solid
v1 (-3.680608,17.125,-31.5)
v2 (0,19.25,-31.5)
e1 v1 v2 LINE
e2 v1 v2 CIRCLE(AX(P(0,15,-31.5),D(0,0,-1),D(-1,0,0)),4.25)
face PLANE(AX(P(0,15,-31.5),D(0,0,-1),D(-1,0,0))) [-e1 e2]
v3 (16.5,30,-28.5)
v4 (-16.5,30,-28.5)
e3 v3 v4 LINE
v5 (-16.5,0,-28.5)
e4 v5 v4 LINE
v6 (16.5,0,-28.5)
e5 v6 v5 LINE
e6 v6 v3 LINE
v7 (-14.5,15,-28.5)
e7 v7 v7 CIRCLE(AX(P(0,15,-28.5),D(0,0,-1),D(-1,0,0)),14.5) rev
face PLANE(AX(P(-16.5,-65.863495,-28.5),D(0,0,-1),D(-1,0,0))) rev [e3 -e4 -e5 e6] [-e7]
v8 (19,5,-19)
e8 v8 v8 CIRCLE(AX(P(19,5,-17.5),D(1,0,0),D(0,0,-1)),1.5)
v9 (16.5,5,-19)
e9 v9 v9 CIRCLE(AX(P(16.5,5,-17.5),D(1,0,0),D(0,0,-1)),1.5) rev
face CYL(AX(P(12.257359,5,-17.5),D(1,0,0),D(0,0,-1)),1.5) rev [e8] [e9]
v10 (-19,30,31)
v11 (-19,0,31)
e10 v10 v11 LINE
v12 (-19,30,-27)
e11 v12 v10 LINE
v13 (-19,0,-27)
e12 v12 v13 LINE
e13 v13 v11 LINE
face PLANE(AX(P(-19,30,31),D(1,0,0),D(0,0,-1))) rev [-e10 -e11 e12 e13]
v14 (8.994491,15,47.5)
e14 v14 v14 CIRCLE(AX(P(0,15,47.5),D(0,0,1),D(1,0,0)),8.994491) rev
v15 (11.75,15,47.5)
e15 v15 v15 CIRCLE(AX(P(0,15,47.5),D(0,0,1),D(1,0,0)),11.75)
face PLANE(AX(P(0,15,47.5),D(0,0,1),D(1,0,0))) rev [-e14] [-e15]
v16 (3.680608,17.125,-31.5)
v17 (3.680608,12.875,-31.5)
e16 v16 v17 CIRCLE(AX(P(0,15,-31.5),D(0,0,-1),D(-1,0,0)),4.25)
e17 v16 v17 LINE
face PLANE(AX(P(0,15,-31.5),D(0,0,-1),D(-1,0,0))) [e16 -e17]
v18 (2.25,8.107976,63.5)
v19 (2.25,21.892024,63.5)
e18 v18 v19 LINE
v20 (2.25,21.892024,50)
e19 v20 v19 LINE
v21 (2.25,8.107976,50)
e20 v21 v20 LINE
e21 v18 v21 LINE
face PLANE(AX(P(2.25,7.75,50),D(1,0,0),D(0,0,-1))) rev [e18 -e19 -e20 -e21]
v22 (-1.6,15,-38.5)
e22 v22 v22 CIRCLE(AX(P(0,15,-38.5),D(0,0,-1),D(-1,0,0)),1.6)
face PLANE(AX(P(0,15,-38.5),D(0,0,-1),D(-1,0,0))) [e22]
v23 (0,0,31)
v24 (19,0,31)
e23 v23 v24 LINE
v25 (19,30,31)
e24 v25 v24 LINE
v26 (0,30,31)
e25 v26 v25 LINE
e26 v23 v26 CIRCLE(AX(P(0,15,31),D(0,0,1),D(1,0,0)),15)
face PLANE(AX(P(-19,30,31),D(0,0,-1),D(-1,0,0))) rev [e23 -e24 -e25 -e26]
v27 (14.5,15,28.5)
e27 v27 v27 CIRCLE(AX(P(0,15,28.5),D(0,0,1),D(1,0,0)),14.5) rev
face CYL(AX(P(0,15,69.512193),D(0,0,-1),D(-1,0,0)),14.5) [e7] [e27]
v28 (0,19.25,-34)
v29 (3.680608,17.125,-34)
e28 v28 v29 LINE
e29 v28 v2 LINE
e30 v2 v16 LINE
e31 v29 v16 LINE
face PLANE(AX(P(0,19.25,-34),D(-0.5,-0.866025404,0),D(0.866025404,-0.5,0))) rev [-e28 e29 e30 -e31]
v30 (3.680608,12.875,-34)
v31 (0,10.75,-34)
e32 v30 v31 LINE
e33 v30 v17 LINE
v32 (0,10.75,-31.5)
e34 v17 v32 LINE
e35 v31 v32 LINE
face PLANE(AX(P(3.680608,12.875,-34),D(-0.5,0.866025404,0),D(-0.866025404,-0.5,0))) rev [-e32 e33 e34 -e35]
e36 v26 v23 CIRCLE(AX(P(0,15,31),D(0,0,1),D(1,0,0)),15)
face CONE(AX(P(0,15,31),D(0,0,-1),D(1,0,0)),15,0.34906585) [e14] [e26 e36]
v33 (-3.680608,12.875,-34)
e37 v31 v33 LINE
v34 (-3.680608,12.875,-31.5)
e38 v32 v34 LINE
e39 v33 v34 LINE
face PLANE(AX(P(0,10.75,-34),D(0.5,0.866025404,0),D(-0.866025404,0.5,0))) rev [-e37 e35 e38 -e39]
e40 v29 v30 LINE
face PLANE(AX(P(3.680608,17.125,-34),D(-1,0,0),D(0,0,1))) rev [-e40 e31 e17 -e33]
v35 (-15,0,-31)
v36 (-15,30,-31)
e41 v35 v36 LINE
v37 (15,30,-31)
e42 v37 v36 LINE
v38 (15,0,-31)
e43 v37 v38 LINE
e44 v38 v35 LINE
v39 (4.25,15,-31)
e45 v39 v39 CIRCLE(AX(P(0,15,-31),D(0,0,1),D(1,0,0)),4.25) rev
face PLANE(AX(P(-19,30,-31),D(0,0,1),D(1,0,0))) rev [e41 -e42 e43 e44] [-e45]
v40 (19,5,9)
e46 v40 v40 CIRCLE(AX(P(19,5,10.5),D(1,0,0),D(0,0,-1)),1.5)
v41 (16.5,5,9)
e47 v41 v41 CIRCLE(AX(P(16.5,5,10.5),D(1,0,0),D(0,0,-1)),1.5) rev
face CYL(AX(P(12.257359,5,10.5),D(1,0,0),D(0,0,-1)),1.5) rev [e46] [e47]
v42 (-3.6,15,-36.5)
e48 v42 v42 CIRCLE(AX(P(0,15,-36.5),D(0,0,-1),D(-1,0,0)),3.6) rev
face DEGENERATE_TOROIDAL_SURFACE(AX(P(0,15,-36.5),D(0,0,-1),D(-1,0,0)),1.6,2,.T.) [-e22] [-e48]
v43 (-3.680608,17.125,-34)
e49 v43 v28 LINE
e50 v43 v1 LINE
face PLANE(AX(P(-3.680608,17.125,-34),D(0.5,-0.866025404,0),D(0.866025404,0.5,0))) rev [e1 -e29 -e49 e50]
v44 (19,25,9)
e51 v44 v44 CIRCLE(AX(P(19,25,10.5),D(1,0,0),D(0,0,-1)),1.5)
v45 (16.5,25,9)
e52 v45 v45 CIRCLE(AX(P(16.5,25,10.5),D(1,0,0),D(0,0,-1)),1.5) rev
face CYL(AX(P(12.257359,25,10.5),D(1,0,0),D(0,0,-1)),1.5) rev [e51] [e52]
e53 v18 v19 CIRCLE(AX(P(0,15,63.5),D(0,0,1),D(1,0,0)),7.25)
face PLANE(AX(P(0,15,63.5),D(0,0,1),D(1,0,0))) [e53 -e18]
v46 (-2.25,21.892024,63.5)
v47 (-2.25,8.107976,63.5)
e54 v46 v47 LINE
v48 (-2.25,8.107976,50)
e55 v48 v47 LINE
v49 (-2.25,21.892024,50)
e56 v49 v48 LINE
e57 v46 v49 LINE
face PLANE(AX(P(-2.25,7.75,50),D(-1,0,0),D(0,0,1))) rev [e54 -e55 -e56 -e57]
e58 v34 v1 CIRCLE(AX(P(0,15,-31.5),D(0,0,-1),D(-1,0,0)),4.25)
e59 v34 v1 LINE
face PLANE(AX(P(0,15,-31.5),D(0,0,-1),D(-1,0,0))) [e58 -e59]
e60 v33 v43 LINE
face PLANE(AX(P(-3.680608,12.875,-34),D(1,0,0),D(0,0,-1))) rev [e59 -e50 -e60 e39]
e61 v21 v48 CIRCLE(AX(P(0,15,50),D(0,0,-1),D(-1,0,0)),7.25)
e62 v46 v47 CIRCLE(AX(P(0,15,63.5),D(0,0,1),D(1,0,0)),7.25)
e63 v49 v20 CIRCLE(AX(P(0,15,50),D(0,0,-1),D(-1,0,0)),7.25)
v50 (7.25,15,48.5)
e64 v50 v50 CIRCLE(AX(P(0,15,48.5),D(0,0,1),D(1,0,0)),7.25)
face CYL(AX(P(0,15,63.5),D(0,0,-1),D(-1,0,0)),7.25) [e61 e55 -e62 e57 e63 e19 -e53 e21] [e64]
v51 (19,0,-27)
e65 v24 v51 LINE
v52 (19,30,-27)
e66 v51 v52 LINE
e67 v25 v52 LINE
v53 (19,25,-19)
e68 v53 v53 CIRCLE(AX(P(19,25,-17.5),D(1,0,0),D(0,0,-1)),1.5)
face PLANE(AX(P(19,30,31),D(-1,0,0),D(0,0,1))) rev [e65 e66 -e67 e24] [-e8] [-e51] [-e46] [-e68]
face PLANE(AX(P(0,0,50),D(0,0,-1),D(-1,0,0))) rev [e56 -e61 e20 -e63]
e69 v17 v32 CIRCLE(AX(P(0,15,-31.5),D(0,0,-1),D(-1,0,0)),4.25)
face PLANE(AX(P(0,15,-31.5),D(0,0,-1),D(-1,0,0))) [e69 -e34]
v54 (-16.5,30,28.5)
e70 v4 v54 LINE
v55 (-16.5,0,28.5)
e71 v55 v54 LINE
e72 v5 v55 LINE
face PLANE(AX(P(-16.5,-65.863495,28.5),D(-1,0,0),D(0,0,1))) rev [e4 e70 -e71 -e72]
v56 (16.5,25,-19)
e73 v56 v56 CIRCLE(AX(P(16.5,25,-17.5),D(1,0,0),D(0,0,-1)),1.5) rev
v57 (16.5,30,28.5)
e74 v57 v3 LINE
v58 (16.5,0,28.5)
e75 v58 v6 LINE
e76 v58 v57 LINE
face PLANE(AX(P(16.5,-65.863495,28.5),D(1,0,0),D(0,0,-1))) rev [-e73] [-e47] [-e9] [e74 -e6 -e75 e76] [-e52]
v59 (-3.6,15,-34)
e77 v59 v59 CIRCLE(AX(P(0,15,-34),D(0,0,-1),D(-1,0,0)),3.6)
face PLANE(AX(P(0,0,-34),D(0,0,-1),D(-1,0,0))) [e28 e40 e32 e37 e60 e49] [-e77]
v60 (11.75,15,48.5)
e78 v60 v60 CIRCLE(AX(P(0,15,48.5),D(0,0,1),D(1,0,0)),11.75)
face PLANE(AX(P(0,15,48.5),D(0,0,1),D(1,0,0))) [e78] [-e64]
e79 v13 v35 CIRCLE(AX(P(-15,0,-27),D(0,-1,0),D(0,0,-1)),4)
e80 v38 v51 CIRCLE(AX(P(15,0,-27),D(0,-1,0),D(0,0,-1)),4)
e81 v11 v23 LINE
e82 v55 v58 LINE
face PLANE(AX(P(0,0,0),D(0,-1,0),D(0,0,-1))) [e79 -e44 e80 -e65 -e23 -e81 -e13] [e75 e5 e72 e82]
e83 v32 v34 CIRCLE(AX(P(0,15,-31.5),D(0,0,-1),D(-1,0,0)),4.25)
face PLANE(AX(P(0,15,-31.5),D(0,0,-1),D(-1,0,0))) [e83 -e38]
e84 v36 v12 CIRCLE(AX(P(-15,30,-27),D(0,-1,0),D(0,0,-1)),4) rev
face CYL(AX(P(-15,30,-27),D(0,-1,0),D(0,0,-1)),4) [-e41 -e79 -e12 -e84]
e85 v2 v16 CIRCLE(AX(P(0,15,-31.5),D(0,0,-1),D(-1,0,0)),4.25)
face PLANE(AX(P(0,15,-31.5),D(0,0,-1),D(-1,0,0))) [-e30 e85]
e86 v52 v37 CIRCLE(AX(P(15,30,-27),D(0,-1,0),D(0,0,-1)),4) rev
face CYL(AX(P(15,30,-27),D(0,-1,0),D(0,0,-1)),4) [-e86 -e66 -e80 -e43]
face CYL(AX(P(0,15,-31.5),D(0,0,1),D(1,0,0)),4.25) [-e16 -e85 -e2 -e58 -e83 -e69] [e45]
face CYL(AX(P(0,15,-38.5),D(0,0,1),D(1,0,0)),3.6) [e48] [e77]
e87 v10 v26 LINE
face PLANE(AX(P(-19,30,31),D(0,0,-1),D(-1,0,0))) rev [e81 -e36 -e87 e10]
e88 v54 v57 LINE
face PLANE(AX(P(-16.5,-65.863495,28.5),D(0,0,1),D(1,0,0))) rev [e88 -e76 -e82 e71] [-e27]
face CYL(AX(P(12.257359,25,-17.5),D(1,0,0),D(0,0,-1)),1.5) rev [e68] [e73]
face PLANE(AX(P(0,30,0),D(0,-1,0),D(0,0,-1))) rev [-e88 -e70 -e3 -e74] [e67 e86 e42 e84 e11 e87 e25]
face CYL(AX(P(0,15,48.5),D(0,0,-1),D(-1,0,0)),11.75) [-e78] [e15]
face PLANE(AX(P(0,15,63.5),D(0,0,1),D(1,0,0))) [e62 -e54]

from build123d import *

# Parameters (mm, degrees)
SKETCH1_W           = 38
SKETCH1_H           = 62
BOSS_EXTRUDE1_DEPTH = 30
SKETCH2_W           = 33
SKETCH2_H           = 57
CUT_EXTRUDE1_DEPTH  = 30
FILLET1_R           = 4
SKETCH3_R           = 1.5
CUT_EXTRUDE2_DEPTH  = 2.5
SKETCH4_R           = 14.5
BOSS_EXTRUDE2_DEPTH = 57
SKETCH5_R           = 4.25
BOSS_EXTRUDE3_DEPTH = 0.5
BOSS_EXTRUDE4_DEPTH = 2.5
SKETCH8_R           = 3.6
BOSS_EXTRUDE5_DEPTH = 4.5
FILLET2_R           = 2
SKETCH10_R          = 7.25
BOSS_EXTRUDE6_DEPTH = 16.5
SKETCH11_R          = 11.75
BOSS_EXTRUDE7_DEPTH = 1
SKETCH12_R          = 7.25
BOSS_EXTRUDE8_DEPTH = 15
SKETCH13_W          = 4.5
SKETCH13_H          = 14.5
CUT_EXTRUDE3_DEPTH  = 13.5
SKETCH15_R          = 15
BOSS_EXTRUDE9_DEPTH = 16.5
BOSS_EXTRUDE9_TAPER = 20


with BuildPart() as part:
    # Sketch1 → Boss-Extrude1 (new body)
    with BuildSketch(Plane(origin=(0, 0, 0), x_dir=(1, 0, 0), z_dir=(0, 1, 0))):
        Rectangle(SKETCH1_W, SKETCH1_H)
    extrude(amount=BOSS_EXTRUDE1_DEPTH)

    # Sketch2 → Cut-Extrude1 (cut)
    with BuildSketch(Plane(origin=(0, 30, 0), x_dir=(1, 0, 0), z_dir=(0, 1, 0))):
        Rectangle(SKETCH2_W, SKETCH2_H)
    extrude(amount=-CUT_EXTRUDE1_DEPTH, mode=Mode.SUBTRACT)

    # Fillet1
    fillet1_edges = [part.edges().sort_by_distance(p)[0] for p in [
        (-19, 15, -31),
        (19, 15, -31),
    ]]
    fillet(fillet1_edges, radius=FILLET1_R)

    # Sketch3 → Cut-Extrude2 (cut)
    with BuildSketch(Plane(origin=(19, 0, 0), x_dir=(0, 0, -1), z_dir=(1, 0, 0))):
        with Locations((17.5, 25)):
            Circle(SKETCH3_R)
        with Locations((17.5, 5)):
            Circle(SKETCH3_R)
        with Locations((-10.5, 25)):
            Circle(SKETCH3_R)
        with Locations((-10.5, 5)):
            Circle(SKETCH3_R)
    extrude(amount=-CUT_EXTRUDE2_DEPTH, mode=Mode.SUBTRACT)

    # Sketch4 → Boss-Extrude2 (add)
    with BuildSketch(Plane.XY.offset(-28.5)):
        with Locations(Location((0, 15, 0), (0, 0, 180))):
            Circle(SKETCH4_R)
    extrude(amount=BOSS_EXTRUDE2_DEPTH)

    # Sketch5 → Boss-Extrude3 (add)
    with BuildSketch(Plane(origin=(0, 0, -31), x_dir=(-1, 0, 0), z_dir=(0, 0, -1))):
        with Locations(Location((0, 15, 0), (0, 0, 180))):
            Circle(SKETCH5_R)
    extrude(amount=BOSS_EXTRUDE3_DEPTH)

    # Sketch6 → Boss-Extrude4 (add)
    with BuildSketch(Plane(origin=(0, 0, -31.5), x_dir=(-1, 0, 0), z_dir=(0, 0, -1))):
        Polygon((0, 19.25), (-3.680607966, 17.125), (-3.680607966, 12.875), (0, 10.75), (3.680607966, 12.875), (3.680607966, 17.125), align=None)
    extrude(amount=BOSS_EXTRUDE4_DEPTH)

    # Sketch8 → Boss-Extrude5 (add)
    with BuildSketch(Plane(origin=(0, 0, -34), x_dir=(-1, 0, 0), z_dir=(0, 0, -1))):
        with Locations((0, 15)):
            Circle(SKETCH8_R)
    extrude(amount=BOSS_EXTRUDE5_DEPTH)

    # Fillet2
    fillet2_edges = [part.edges().sort_by_distance(p)[0] for p in [
        (3.6, 15, -38.5),
    ]]
    fillet(fillet2_edges, radius=FILLET2_R)

    # Sketch10 → Boss-Extrude6 (add)
    with BuildSketch(Plane.XY.offset(31)):
        with Locations((0, 15)):
            Circle(SKETCH10_R)
    extrude(amount=BOSS_EXTRUDE6_DEPTH)

    # Sketch11 → Boss-Extrude7 (add)
    with BuildSketch(Plane.XY.offset(47.5)):
        with Locations((0, 15)):
            Circle(SKETCH11_R)
    extrude(amount=BOSS_EXTRUDE7_DEPTH)

    # Sketch12 → Boss-Extrude8 (add)
    with BuildSketch(Plane.XY.offset(48.5)):
        with Locations((0, 15)):
            Circle(SKETCH12_R)
    extrude(amount=BOSS_EXTRUDE8_DEPTH)

    # Sketch13 → Cut-Extrude3 (cut)
    with BuildSketch(Plane.XY.offset(63.5)):
        with Locations((0, 15)):
            Rectangle(SKETCH13_W, SKETCH13_H)
    extrude(amount=-CUT_EXTRUDE3_DEPTH, mode=Mode.SUBTRACT)

    # Sketch15 → Boss-Extrude9 (add)
    with BuildSketch(Plane.XY.offset(31)):
        with Locations((0, 15)):
            Circle(SKETCH15_R)
    extrude(amount=BOSS_EXTRUDE9_DEPTH, taper=BOSS_EXTRUDE9_TAPER)


solid = part.part
